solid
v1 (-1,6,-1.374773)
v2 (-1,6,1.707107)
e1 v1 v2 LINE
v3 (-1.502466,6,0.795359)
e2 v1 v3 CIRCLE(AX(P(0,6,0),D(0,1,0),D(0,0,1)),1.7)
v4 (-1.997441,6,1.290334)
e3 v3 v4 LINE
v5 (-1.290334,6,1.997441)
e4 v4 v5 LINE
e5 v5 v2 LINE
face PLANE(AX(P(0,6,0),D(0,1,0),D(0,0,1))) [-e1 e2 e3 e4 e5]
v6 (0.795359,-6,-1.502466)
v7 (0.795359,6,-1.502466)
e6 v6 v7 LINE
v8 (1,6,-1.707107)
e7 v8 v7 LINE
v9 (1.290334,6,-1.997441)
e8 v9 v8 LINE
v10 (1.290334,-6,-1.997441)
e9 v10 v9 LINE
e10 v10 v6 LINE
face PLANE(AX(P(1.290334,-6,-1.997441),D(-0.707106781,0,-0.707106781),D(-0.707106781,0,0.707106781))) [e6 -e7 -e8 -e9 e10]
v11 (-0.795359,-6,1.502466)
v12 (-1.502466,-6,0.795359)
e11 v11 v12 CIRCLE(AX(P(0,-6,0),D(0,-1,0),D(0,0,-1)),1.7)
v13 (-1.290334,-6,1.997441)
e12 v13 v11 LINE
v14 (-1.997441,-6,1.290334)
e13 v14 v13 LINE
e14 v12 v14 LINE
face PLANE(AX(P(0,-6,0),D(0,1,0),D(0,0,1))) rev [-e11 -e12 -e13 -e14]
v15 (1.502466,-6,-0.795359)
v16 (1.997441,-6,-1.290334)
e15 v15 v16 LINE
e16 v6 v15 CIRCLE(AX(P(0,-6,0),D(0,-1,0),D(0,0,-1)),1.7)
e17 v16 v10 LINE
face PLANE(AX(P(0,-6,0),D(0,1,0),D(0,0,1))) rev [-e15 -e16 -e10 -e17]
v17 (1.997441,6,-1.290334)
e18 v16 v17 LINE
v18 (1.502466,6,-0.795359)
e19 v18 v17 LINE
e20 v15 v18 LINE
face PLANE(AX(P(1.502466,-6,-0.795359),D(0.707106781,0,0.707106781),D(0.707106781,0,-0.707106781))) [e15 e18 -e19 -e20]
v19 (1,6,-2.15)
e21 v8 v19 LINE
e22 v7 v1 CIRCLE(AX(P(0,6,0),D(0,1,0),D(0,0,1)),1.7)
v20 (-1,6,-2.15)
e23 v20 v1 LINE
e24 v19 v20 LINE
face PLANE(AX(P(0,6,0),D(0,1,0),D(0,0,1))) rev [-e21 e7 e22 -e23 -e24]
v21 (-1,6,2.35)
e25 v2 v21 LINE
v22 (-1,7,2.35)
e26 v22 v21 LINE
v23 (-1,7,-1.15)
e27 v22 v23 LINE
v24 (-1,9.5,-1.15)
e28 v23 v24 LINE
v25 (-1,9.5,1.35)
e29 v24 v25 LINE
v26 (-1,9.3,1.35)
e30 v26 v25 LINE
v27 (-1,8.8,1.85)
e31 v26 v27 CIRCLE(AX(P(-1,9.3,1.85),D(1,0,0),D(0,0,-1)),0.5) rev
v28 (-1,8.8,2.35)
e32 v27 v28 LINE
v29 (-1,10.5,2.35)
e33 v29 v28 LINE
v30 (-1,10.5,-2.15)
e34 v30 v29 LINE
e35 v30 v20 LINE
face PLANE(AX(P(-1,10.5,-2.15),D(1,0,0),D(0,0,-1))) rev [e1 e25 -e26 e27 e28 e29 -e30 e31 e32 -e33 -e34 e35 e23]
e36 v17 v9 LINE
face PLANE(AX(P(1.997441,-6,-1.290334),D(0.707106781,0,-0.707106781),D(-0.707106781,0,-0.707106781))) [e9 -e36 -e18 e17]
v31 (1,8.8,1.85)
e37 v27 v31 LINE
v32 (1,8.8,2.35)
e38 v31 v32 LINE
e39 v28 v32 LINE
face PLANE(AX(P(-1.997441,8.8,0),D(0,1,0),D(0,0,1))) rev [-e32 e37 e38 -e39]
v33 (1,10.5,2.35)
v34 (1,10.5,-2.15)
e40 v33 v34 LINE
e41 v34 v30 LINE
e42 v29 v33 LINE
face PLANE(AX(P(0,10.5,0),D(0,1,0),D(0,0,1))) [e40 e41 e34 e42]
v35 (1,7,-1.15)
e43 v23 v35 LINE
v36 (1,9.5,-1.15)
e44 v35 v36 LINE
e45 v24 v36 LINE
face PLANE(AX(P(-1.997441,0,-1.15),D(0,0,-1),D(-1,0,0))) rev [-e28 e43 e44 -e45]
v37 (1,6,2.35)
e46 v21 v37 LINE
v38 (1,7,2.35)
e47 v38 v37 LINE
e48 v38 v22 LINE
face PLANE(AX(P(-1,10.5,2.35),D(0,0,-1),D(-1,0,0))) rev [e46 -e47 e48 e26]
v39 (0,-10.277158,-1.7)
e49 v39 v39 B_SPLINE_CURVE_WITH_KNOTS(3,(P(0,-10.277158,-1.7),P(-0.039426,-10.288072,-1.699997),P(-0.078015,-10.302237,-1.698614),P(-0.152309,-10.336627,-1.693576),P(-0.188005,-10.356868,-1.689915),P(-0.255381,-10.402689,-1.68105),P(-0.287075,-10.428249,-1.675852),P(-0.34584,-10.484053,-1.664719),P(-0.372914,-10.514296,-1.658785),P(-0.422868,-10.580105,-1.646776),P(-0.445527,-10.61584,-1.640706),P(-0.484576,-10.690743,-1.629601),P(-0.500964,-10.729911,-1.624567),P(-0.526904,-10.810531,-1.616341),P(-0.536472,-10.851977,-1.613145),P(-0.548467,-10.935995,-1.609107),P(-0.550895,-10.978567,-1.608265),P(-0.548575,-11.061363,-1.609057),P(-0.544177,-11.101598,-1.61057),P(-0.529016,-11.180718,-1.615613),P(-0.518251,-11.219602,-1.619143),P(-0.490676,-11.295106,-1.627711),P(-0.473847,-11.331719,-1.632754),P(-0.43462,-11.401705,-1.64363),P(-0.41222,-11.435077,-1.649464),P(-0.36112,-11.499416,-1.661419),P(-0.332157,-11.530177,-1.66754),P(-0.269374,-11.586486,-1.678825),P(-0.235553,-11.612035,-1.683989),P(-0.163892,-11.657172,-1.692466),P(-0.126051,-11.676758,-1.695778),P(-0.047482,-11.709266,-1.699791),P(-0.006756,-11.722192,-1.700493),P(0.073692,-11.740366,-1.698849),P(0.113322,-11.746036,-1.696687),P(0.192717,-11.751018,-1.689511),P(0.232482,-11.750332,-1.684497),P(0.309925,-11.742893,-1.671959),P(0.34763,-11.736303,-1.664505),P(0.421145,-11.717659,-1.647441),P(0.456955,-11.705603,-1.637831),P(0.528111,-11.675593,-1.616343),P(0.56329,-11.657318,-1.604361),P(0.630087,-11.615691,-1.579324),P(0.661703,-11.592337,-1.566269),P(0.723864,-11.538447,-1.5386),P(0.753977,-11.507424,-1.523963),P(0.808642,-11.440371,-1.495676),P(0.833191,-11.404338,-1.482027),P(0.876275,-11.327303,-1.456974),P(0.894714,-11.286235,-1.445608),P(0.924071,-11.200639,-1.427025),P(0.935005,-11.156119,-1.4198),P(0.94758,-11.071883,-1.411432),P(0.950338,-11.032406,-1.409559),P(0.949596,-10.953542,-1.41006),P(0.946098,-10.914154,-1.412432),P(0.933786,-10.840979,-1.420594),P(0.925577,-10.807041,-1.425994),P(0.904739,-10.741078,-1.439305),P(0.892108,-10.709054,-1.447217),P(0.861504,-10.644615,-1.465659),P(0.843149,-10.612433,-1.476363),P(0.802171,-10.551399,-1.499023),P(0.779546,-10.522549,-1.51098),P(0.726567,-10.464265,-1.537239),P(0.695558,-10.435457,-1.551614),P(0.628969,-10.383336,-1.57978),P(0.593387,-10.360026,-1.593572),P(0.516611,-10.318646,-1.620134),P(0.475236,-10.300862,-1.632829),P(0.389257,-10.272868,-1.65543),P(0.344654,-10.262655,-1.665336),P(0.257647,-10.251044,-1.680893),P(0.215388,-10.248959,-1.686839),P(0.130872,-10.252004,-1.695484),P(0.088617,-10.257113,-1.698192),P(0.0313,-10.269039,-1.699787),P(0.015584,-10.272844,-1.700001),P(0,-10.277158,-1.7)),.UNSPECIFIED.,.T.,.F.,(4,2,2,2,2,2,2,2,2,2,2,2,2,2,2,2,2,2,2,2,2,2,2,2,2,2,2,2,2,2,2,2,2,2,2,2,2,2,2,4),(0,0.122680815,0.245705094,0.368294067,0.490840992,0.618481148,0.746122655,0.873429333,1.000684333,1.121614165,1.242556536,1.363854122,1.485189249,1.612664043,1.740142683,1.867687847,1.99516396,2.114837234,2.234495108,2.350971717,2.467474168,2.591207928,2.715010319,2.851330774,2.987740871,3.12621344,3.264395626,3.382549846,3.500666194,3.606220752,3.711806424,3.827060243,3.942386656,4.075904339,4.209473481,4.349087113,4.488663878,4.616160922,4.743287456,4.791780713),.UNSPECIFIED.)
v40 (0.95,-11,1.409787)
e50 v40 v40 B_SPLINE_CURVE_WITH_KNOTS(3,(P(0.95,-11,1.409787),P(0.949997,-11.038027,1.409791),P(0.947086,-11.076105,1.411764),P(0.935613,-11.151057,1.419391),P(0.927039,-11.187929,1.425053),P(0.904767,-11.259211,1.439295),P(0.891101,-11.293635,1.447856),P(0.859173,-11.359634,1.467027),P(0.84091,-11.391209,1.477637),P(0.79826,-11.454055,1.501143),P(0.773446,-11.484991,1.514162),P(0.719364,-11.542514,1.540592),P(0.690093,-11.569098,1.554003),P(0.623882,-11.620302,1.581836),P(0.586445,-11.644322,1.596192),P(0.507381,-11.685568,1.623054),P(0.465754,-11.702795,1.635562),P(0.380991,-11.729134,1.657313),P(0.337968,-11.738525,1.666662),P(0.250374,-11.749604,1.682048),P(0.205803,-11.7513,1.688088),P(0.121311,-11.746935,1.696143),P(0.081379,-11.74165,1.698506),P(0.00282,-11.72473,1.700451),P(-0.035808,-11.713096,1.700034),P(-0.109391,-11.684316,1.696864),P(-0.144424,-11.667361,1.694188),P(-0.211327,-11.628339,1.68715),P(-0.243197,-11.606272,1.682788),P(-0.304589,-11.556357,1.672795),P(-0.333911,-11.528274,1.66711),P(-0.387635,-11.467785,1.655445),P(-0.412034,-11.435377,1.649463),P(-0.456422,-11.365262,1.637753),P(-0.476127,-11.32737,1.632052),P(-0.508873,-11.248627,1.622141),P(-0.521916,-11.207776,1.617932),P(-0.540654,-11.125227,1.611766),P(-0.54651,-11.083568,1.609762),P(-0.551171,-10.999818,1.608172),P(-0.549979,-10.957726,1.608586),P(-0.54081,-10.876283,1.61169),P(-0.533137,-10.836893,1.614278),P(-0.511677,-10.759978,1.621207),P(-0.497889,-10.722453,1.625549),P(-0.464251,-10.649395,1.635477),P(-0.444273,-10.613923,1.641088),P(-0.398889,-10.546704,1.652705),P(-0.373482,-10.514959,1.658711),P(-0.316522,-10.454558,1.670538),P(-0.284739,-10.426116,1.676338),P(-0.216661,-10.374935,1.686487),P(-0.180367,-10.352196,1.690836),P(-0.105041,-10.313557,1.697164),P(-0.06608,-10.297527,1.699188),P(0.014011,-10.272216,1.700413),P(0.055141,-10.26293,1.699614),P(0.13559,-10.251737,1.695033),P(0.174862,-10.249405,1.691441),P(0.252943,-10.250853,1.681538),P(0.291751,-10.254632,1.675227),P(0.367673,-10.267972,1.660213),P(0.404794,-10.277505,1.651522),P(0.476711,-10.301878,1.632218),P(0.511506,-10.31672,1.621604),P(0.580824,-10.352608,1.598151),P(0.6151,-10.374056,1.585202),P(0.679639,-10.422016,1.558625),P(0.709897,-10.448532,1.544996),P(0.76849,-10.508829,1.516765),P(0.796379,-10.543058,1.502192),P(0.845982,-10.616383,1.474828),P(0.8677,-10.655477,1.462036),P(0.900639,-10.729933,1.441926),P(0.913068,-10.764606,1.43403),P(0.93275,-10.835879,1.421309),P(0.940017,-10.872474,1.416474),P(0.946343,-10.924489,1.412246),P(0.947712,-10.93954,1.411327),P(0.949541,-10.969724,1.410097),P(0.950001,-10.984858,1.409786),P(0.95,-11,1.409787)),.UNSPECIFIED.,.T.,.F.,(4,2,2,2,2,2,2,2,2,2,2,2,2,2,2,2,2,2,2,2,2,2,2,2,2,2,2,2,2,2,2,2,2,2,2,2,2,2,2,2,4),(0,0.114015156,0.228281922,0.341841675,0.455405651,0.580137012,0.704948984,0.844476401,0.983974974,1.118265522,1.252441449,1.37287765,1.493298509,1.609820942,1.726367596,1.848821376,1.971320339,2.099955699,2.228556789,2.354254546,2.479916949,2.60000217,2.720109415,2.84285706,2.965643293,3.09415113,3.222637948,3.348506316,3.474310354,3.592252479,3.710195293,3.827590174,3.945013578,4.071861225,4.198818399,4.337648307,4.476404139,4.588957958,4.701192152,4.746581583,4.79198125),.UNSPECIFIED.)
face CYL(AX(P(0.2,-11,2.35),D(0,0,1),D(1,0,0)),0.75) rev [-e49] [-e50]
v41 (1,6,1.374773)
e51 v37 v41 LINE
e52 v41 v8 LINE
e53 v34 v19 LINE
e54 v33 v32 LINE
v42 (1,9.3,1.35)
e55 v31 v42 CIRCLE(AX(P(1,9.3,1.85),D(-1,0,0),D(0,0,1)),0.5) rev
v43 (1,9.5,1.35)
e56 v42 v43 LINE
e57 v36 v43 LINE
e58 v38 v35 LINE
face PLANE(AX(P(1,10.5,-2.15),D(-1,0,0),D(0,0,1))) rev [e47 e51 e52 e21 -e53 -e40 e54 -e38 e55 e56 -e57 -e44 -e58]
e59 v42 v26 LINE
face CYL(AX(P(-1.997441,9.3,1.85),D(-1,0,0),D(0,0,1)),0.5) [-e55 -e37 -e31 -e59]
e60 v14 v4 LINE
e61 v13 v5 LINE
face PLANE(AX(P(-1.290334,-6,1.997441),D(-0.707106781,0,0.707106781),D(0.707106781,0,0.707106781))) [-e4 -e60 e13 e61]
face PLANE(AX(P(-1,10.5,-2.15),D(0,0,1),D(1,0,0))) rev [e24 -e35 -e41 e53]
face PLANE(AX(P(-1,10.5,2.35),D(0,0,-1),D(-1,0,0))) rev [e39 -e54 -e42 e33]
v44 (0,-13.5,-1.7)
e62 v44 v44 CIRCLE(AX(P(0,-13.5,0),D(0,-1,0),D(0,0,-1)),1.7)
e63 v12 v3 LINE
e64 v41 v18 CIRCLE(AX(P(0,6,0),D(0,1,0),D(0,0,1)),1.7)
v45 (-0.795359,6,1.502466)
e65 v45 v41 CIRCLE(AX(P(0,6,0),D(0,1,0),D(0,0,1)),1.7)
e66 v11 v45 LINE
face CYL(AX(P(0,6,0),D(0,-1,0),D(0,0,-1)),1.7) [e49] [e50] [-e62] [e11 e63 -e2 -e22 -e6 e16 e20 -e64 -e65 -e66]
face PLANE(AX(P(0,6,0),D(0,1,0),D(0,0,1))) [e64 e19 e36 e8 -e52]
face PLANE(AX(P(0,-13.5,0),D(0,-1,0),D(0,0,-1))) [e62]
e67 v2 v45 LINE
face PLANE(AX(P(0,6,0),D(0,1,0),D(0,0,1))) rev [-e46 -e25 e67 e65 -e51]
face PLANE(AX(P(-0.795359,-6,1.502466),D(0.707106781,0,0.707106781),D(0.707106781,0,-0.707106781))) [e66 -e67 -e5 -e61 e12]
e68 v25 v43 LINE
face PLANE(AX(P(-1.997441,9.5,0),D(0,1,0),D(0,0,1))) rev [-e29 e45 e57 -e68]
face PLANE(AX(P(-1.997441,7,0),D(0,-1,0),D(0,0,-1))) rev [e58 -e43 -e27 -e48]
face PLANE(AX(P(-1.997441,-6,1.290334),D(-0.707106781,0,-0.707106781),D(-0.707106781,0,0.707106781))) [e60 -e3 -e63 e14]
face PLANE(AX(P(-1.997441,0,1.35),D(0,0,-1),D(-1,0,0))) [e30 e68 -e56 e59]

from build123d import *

# Parameters (mm, degrees)
SKETCH1_R             = 1.7
MAIN_SHAFT_DEPTH      = 6
GUIDES_DEPTH          = 12
SKETCH21_W            = 2
SKETCH21_H            = 4.5
HOOK_EXTRUDE_DEPTH    = 4.5
HOOK_CUT_DEPTH        = 3.997440667
HOOK_FILLET_R         = 0.5
SKETCH23_R            = 1.7
TOP_STOPPER_DEPTH     = 2
SKETCH24_R            = 1.7
BOTTOM_SHAFT_DEPTH    = 5.5
F_1_5MM_DOWEL_HOLE2_D = 1.5


with BuildPart() as part:
    # Sketch1 → main shaft (new body, symmetric)
    with BuildSketch(Plane(origin=(0, 0, 0), x_dir=(1, 0, 0), z_dir=(0, 1, 0))):
        Circle(SKETCH1_R)
    extrude(amount=MAIN_SHAFT_DEPTH, both=True)

    # Sketch2 → guides (add)
    with BuildSketch(Plane(origin=(0, 6, 0), x_dir=(1, 0, 0), z_dir=(0, 1, 0))):
        with BuildLine():
            Line((-0.795359139, -1.50246592), (-1.290333886, -1.997440667))
            Line((-1.290333886, -1.997440667), (-1.997440667, -1.290333886))
            Line((-1.997440667, -1.290333886), (-1.50246592, -0.795359139))
            ThreePointArc((-1.50246592, -0.795359139), (-1.202081528, -1.202081528), (-0.795359139, -1.50246592))
        make_face()
        with BuildLine():
            Line((1.290333886, 1.997440667), (0.795359139, 1.50246592))
            ThreePointArc((0.795359139, 1.50246592), (1.202081528, 1.202081528), (1.50246592, 0.795359139))
            Line((1.50246592, 0.795359139), (1.997440667, 1.290333886))
            Line((1.997440667, 1.290333886), (1.290333886, 1.997440667))
        make_face()
    extrude(amount=-GUIDES_DEPTH)

    # Sketch21 → hook extrude (add)
    with BuildSketch(Plane(origin=(0, 6, 0), x_dir=(1, 0, 0), z_dir=(0, 1, 0))):
        with Locations((0, -0.1)):
            Rectangle(SKETCH21_W, SKETCH21_H)
    extrude(amount=HOOK_EXTRUDE_DEPTH)

    # Sketch22 → hook cut (cut, through all)
    with BuildSketch(Plane(origin=(1, 0, 0), x_dir=(0, 0, -1), z_dir=(1, 0, 0))):
        Polygon((-2.35, 7), (1.15, 7), (1.15, 9.5), (-1.35, 9.5), (-1.35, 8.8), (-2.35, 8.8), align=None)
    extrude(amount=-HOOK_CUT_DEPTH, mode=Mode.SUBTRACT)

    # hook fillet
    hook_fillet_edges = [part.edges().sort_by_distance(p)[0] for p in [
        (0, 8.8, 1.35),
    ]]
    fillet(hook_fillet_edges, radius=HOOK_FILLET_R)

    # Sketch23 → top stopper (add)
    with BuildSketch(Plane.XZ.offset(6)):
        Circle(SKETCH23_R)
    extrude(amount=TOP_STOPPER_DEPTH)

    # Sketch24 → bottom shaft (add)
    with BuildSketch(Plane.XZ.offset(8)):
        Circle(SKETCH24_R)
    extrude(amount=BOTTOM_SHAFT_DEPTH)

    # Ø1.5mm Dowel Hole2 (through all)
    with Locations(Plane.XY.offset(2.35)):
        with Locations((0.2, -11)):
            Hole(F_1_5MM_DOWEL_HOLE2_D / 2)


solid = part.part
